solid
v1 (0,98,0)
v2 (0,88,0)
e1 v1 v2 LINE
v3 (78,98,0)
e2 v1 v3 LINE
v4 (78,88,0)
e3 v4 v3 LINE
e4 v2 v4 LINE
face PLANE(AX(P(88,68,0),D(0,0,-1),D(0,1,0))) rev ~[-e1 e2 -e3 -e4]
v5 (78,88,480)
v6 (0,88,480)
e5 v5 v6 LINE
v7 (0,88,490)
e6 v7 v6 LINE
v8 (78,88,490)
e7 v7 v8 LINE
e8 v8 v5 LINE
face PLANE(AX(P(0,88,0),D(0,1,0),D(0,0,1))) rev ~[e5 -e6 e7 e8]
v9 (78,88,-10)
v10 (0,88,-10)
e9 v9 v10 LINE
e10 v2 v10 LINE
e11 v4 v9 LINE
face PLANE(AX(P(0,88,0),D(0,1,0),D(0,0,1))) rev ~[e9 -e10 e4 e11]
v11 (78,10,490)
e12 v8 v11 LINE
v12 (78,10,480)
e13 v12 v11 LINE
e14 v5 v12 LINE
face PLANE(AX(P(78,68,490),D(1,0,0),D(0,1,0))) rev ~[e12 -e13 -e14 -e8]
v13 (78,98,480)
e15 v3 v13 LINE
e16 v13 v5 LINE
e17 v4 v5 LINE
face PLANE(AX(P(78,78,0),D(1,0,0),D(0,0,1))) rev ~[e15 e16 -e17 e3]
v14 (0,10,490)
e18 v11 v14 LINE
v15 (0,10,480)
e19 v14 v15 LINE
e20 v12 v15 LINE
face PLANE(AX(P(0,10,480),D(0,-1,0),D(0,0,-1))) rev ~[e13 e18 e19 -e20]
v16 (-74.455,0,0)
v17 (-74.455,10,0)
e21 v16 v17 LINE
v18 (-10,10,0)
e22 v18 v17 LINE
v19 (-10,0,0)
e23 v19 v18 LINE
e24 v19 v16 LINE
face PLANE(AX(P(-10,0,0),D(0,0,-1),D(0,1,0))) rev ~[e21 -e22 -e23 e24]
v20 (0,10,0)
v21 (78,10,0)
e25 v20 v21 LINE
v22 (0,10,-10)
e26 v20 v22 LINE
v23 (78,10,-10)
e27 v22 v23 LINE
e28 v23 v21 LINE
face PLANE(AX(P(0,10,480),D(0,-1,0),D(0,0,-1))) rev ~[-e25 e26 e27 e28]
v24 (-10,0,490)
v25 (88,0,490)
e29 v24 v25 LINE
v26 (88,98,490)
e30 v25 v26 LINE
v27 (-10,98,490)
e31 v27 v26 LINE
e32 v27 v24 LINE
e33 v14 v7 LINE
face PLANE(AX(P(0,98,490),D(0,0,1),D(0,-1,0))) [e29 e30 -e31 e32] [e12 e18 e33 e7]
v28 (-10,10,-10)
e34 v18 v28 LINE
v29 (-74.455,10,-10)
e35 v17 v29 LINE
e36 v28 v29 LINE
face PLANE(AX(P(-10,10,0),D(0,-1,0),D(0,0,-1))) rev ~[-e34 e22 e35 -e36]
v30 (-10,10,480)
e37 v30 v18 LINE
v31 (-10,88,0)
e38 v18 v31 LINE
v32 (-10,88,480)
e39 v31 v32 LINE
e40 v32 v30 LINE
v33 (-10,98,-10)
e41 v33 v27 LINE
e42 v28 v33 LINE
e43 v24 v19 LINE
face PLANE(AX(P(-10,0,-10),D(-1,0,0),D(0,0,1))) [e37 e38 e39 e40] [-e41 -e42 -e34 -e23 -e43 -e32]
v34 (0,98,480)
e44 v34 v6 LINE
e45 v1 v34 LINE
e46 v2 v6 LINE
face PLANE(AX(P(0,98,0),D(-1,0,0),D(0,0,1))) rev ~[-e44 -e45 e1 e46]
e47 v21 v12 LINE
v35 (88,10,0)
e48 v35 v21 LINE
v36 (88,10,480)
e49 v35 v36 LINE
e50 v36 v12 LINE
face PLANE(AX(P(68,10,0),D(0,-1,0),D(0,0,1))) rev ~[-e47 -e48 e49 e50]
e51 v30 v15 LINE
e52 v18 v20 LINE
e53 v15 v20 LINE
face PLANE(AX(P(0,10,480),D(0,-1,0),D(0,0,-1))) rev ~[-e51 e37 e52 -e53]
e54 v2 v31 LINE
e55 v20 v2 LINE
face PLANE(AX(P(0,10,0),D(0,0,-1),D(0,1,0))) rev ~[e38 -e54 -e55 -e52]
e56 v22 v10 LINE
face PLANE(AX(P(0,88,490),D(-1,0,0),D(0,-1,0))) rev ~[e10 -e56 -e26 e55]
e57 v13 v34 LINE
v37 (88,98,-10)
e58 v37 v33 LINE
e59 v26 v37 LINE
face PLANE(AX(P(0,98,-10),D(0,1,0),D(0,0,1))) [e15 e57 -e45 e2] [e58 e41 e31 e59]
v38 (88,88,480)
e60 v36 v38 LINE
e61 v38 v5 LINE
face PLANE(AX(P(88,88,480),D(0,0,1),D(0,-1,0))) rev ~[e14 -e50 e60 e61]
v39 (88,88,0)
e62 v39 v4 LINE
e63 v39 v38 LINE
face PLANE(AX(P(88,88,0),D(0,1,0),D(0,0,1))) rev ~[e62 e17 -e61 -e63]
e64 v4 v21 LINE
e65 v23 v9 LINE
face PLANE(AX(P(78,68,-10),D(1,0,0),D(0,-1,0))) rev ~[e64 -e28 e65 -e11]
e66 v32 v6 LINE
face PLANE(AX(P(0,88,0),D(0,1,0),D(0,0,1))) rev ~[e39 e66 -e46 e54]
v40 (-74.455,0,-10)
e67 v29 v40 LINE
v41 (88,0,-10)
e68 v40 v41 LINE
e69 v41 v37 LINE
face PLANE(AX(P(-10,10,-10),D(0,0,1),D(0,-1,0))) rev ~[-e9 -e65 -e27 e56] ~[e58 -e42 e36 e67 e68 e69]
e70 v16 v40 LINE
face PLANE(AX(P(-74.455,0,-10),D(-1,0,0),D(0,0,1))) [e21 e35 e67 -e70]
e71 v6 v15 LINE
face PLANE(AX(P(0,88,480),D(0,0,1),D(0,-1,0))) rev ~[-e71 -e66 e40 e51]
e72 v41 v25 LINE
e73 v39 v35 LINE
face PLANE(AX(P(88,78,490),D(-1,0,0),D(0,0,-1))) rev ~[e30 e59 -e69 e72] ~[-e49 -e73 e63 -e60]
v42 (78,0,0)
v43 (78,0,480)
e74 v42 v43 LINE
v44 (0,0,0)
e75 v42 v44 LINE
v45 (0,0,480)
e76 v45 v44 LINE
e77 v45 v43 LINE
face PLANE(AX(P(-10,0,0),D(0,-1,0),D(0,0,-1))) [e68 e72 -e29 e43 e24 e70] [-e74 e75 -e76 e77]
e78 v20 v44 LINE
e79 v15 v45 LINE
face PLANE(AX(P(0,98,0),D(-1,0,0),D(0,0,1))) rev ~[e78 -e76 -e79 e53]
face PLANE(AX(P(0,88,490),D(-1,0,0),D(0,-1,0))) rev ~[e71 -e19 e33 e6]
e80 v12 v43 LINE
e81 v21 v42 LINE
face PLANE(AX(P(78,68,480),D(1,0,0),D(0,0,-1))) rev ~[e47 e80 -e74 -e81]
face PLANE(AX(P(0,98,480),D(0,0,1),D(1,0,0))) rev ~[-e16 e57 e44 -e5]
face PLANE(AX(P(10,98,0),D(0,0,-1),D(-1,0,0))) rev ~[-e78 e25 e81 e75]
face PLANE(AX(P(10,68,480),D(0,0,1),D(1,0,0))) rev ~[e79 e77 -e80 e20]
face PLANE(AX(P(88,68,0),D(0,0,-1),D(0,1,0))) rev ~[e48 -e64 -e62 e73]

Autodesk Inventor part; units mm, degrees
ref_plane "YZ Plane" through (0, 0, 0) normal (1, 0, 0) x (0, 1, 0)
ref_plane "XZ Plane" through (0, 0, 0) normal (0, 1, 0) x (-1, 0, 0)
ref_plane "XY Plane" through (0, 0, 0) normal (0, 0, 1) x (1, 0, 0)
sketch "Sketch1" plane through (0, 0, 0) normal (0, 0, 1) x (1, 0, 0)
  line L0 (0, 0) -> (68, 0)
  line L1 (68, 0) -> (68, 68)
  line L2 (68, 68) -> (0, 68)
  line L3 (0, 68) -> (0, 0)
  dimension "d1" = 68
  dimension "d2" = 68
extrude "Extrusion1" add sketch "Sketch1" along normal blind 480
sketch "Sketch2" plane through (0, 0, 480) normal (0, 0, 1) x (1, 0, 0)
  line L0 (10, 58) -> (58, 58)
  line L1 (58, 58) -> (58, 10)
  line L2 (58, 10) -> (10, 10)
  line L3 (10, 10) -> (10, 58)
  line L4 (68, 68) -> (0, 68) projected
  line L5 (0, 68) -> (0, 0) projected
  line L6 (0, 0) -> (68, 0) projected
  line L7 (68, 0) -> (68, 68) projected
  dimension "d5" = 10
  dimension "d6" = 10
  dimension "d7" = 10
  dimension "d8" = 10
extrude "Extrusion2" cut sketch "Sketch2" against normal blind 900 contours L0 L1 L2 L3
sketch "Sketch3" plane through (68, 0, 0) normal (1, 0, 0) x (0, 0, -1)
  line L0 (-470, 58) -> (-10, 58)
  line L1 (-10, 58) -> (-10, 10)
  line L2 (-10, 10) -> (-470, 10)
  line L3 (-470, 10) -> (-470, 58)
  line L4 (0, 68) -> (-480, 68) projected
  line L5 (-480, 0) -> (-480, 68) projected
  line L6 (0, 0) -> (-480, 0) projected
  line L7 (0, 0) -> (0, 68) projected
  dimension "d11" = 10
  dimension "d12" = 10
  dimension "d13" = 10
  dimension "d14" = 10
extrude "Extrusion3" cut sketch "Sketch3" against normal blind 900 contours L0 L1 L2 L3
sketch "Sketch4" plane through (0, 68, 0) normal (0, 1, 0) x (1, 0, 0)
  line L0 (68, -10) -> (58, -10) projected
  line L1 (10, -480) -> (10, -470) projected
  line L2 (58, -10) -> (10, -10)
  line L3 (10, -10) -> (10, -470)
  line L4 (10, -470) -> (58, -470)
  line L5 (58, -470) -> (58, -10)
  point P0 (0, 0)
extrude "Extrusion4" cut sketch "Sketch4" against normal blind 900
sketch "Sketch5" plane through (0, 0, 480) normal (0, 0, 1) x (1, 0, 0)
  line L0 (68, 68) -> (0, 68) projected
  line L1 (0, 0) -> (68, 0) projected
  line L2 (0, 68) -> (68, 68)
  line L3 (68, 68) -> (68, 0)
  line L4 (68, 0) -> (0, 0)
  line L5 (0, 0) -> (0, 68)
  line L6 (10, 58) -> (0, 58) projected
  line L7 (58, 58) -> (58, 10) projected
  line L8 (10, 58) -> (58, 58)
  line L9 (58, 58) -> (58, 10)
  line L10 (58, 10) -> (10, 10)
  line L11 (10, 10) -> (10, 58)
extrude "Extrusion5" add sketch "Sketch5" along normal blind 10
sketch "Sketch6" plane through (0, 68, 0) normal (0, 1, 0) x (1, 0, 0)
  line L0 (58, -490) -> (58, -470) projected
  line L1 (10, -490) -> (10, -470) projected
  line L2 (58, -470) -> (10, -470)
  line L3 (10, -470) -> (10, -480)
  line L4 (10, -480) -> (58, -480)
  line L5 (58, -480) -> (58, -470)
  point P0 (0, 0)
extrude "Extrusion6" cut sketch "Sketch6" against normal blind 900
sketch "Sketch7" plane through (68, 0, 0) normal (1, 0, 0) x (0, 0, -1)
  line L0 (-470, 10) -> (-470, 58) projected
  line L1 (-480, 10) -> (-480, 0) projected
  line L2 (-470, 58) -> (-480, 58)
  line L3 (-480, 58) -> (-480, 10)
  line L4 (-480, 10) -> (-470, 10)
  line L5 (-470, 10) -> (-470, 58)
  point P0 (0, 0)
extrude "Extrusion7" cut sketch "Sketch7" against normal blind 900
sketch "Sketch8" plane through (0, 0, 0) normal (0, 0, -1) x (-1, 0, 0)
  line L0 (-68, 0) -> (-68, 68) projected
  line L1 (-68, 68) -> (0, 68)
  line L2 (0, 68) -> (0, 0)
  line L3 (0, 0) -> (-68, 0)
  line L4 (-68, 0) -> (-68, 68)
  line L5 (-58, 58) -> (-10, 58)
  line L6 (-10, 58) -> (-10, 10)
  line L7 (-10, 10) -> (-58, 10)
  line L8 (-58, 10) -> (-58, 58)
extrude "Extrusion8" add sketch "Sketch8" along normal blind 10
sketch "Sketch9" plane through (0, 68, 490) normal (0, 1, 0) x (1, 0, 0)
  line L0 (10, 480) -> (10, 500) projected
  line L1 (58, 480) -> (58, 500) projected
  line L2 (10, 480) -> (58, 480)
  line L3 (58, 480) -> (58, 490)
  line L4 (58, 490) -> (10, 490)
  line L5 (10, 490) -> (10, 480)
  point P0 (0, 490)
extrude "Extrusion9" cut sketch "Sketch9" against normal blind 900
sketch "Sketch10" plane through (68, 0, 490) normal (1, 0, 0) x (0, 0, -1)
  line L0 (10, 58) -> (480, 58) projected
  line L1 (490, 10) -> (500, 10) projected
  line L2 (480, 58) -> (490, 58)
  line L3 (490, 58) -> (490, 10)
  line L4 (490, 10) -> (480, 10)
  line L5 (480, 10) -> (480, 58)
  point P0 (490, 0)
extrude "Extrusion10" cut sketch "Sketch10" against normal blind 900
sketch "Sketch11" plane through (68, 0, 490) normal (1, 0, 0) x (0, 0, -1)
  line L0 (0, 68) -> (0, 0) projected
  line L1 (500, 0) -> (500, 68) projected
  line L2 (0, 68) -> (500, 68)
  line L3 (500, 68) -> (500, 0)
  line L4 (500, 0) -> (0, 0)
  line L5 (0, 0) -> (0, 68)
  line L6 (490, 58) -> (490, 10) projected
  line L7 (10, 58) -> (490, 58)
  line L8 (490, 58) -> (490, 10)
  line L9 (490, 10) -> (10, 10)
  line L10 (10, 10) -> (10, 58)
  point P0 (490, 0)
extrude "Extrusion11" add sketch "Sketch11" along normal blind 20
sketch "Sketch12" plane through (0, 68, 490) normal (0, 1, 0) x (1, 0, 0)
  line L0 (58, 10) -> (58, 490) projected
  line L1 (88, 490) -> (58, 490) projected
  line L2 (58, 10) -> (78, 10)
  line L3 (78, 10) -> (78, 490)
  line L4 (78, 490) -> (58, 490)
  line L5 (58, 490) -> (58, 10)
  point P0 (0, 490)
  dimension "d33" = 20
extrude "Extrusion12" cut sketch "Sketch12" against normal blind 900
sketch "Sketch13" plane through (0, 0, -10) normal (0, 0, -1) x (-1, 0, 0)
  line L0 (-58, 58) -> (-10, 58) projected
  line L1 (-58, 58) -> (-78, 58)
  line L2 (-78, 58) -> (-78, 10)
  line L3 (-78, 10) -> (-58, 10)
  line L4 (-58, 10) -> (-58, 58)
  point P0 (0, 0)
  dimension "d36" = 20
extrude "Extrusion13" cut sketch "Sketch13" against normal blind 900
sketch "Sketch14" plane through (0, 68, 490) normal (0, 1, 0) x (1, 0, 0)
  line L0 (0, 0) -> (88, 0) projected
  line L1 (0, 500) -> (88, 500) projected
  line L2 (0, 0) -> (88, 0)
  line L3 (88, 0) -> (88, 500)
  line L4 (88, 500) -> (0, 500)
  line L5 (0, 500) -> (0, 0)
  line L6 (10, 10) -> (10, 490) projected
  line L7 (78, 10) -> (78, 490) projected
  line L8 (10, 10) -> (78, 10)
  line L9 (78, 10) -> (78, 490)
  line L10 (78, 490) -> (10, 490)
  line L11 (10, 490) -> (10, 10)
  point P0 (0, 490)
extrude "Extrusion14" add sketch "Sketch14" along normal blind 10
sketch "Sketch15" plane through (88, 0, 490) normal (1, 0, 0) x (0, 0, -1)
  line L0 (10, 58) -> (490, 58) projected
  line L1 (490, 78) -> (490, 58) projected
  line L2 (10, 58) -> (490, 58)
  line L3 (490, 58) -> (490, 68)
  line L4 (490, 68) -> (10, 68)
  line L5 (10, 68) -> (10, 58)
  point P0 (490, 0)
extrude "Extrusion15" cut sketch "Sketch15" against normal blind 900
sketch "Sketch16" plane through (0, 0, -10) normal (0, 0, -1) x (-1, 0, 0)
  line L0 (-78, 10) -> (-78, 58) projected
  line L1 (-10, 68) -> (0, 68) projected
  line L2 (-78, 58) -> (-10, 58)
  line L3 (-10, 58) -> (-10, 68)
  line L4 (-10, 68) -> (-78, 68)
  line L5 (-78, 68) -> (-78, 58)
  point P0 (0, 0)
extrude "Extrusion16" cut sketch "Sketch16" against normal blind 900
sketch "Sketch17" plane through (0, 78, 490) normal (0, 1, 0) x (1, 0, 0)
  line L0 (88, 0) -> (88, 500) projected
  line L1 (0, 0) -> (88, 0) projected
  line L2 (88, 500) -> (0, 500)
  line L3 (0, 500) -> (0, 0)
  line L4 (0, 0) -> (88, 0)
  line L5 (88, 0) -> (88, 500)
  line L6 (78, 490) -> (78, 10) projected
  line L7 (10, 10) -> (10, 490) projected
  line L8 (78, 490) -> (10, 490)
  line L9 (10, 490) -> (10, 10)
  line L10 (10, 10) -> (78, 10)
  line L11 (78, 10) -> (78, 490)
  point P0 (0, 490)
extrude "Extrusion17" add sketch "Sketch17" along normal blind 20
sketch "Sketch18" plane through (88, 0, 490) normal (1, 0, 0) x (0, 0, -1)
  line L0 (490, 68) -> (10, 68) projected
  line L1 (10, 68) -> (490, 68)
  line L2 (490, 68) -> (490, 88)
  line L3 (490, 88) -> (10, 88)
  line L4 (10, 88) -> (10, 68)
  point P0 (490, 0)
  dimension "d47" = 20
extrude "Extrusion18" cut sketch "Sketch18" against normal blind 900
sketch "Sketch19" plane through (0, 0, 490) normal (0, 0, 1) x (1, 0, 0)
  line L0 (10, 68) -> (10, 10) projected
  line L1 (78, 88) -> (78, 98) projected
  line L2 (10, 68) -> (78, 68)
  line L3 (78, 68) -> (78, 88)
  line L4 (78, 88) -> (10, 88)
  line L5 (10, 88) -> (10, 68)
  point P0 (0, 0)
extrude "Extrusion19" cut sketch "Sketch19" against normal blind 900
sketch "Sketch20" plane through (0, 0, -10) normal (-1, 0, 0) x (0, 0, 1)
  line L0 (0, 98) -> (500, 98) projected
  line L1 (0, 98) -> (500, 98)
  line L2 (500, 98) -> (500, 0)
  line L3 (500, 0) -> (0, 0)
  line L4 (0, 0) -> (0, 98)
  line L5 (10, 88) -> (490, 88) projected
  line L6 (490, 10) -> (10, 10) projected
  line L7 (10, 88) -> (490, 88)
  line L8 (490, 88) -> (490, 10)
  line L9 (490, 10) -> (10, 10)
  line L10 (10, 10) -> (10, 88)
  point P0 (10, 0)
extrude "Extrusion20" add sketch "Sketch20" along normal blind 10
sketch "Sketch21" plane through (0, 0, 490) normal (0, 0, 1) x (1, 0, 0)
  line L0 (78, 88) -> (10, 88) projected
  line L1 (10, 10) -> (-10, 10) projected
  line L2 (10, 88) -> (0, 88)
  line L3 (0, 88) -> (0, 10)
  line L4 (0, 10) -> (10, 10)
  line L5 (10, 10) -> (10, 88)
  point P0 (0, 0)
extrude "Extrusion21" cut sketch "Sketch21" against normal blind 900
sketch "Sketch22" plane through (0, 98, 490) normal (0, 1, 0) x (1, 0, 0)
  line L0 (10, 490) -> (78, 490) projected
  line L1 (0, 10) -> (-10, 10) projected
  line L2 (10, 490) -> (0, 490)
  line L3 (0, 490) -> (0, 10)
  line L4 (0, 10) -> (10, 10)
  line L5 (10, 10) -> (10, 490)
  point P0 (0, 490)
extrude "Extrusion22" cut sketch "Sketch22" against normal blind 900
sketch "Sketch24" plane through (-10, 0, -10) normal (-1, 0, 0) x (0, 0, 1)
  line L0 (500, 0) -> (0, 0) projected
  line L1 (10, 88) -> (10, 10) projected
  line L2 (0, 0) -> (10, 0)
  line L3 (10, 0) -> (10, 10)
  line L4 (10, 10) -> (0, 10)
  line L5 (0, 10) -> (0, 0)
  point P0 (10, 0)
extrude "Extrusion24" add sketch "Sketch24" along normal blind 64.455
properties part number "Accumalator Housing"
